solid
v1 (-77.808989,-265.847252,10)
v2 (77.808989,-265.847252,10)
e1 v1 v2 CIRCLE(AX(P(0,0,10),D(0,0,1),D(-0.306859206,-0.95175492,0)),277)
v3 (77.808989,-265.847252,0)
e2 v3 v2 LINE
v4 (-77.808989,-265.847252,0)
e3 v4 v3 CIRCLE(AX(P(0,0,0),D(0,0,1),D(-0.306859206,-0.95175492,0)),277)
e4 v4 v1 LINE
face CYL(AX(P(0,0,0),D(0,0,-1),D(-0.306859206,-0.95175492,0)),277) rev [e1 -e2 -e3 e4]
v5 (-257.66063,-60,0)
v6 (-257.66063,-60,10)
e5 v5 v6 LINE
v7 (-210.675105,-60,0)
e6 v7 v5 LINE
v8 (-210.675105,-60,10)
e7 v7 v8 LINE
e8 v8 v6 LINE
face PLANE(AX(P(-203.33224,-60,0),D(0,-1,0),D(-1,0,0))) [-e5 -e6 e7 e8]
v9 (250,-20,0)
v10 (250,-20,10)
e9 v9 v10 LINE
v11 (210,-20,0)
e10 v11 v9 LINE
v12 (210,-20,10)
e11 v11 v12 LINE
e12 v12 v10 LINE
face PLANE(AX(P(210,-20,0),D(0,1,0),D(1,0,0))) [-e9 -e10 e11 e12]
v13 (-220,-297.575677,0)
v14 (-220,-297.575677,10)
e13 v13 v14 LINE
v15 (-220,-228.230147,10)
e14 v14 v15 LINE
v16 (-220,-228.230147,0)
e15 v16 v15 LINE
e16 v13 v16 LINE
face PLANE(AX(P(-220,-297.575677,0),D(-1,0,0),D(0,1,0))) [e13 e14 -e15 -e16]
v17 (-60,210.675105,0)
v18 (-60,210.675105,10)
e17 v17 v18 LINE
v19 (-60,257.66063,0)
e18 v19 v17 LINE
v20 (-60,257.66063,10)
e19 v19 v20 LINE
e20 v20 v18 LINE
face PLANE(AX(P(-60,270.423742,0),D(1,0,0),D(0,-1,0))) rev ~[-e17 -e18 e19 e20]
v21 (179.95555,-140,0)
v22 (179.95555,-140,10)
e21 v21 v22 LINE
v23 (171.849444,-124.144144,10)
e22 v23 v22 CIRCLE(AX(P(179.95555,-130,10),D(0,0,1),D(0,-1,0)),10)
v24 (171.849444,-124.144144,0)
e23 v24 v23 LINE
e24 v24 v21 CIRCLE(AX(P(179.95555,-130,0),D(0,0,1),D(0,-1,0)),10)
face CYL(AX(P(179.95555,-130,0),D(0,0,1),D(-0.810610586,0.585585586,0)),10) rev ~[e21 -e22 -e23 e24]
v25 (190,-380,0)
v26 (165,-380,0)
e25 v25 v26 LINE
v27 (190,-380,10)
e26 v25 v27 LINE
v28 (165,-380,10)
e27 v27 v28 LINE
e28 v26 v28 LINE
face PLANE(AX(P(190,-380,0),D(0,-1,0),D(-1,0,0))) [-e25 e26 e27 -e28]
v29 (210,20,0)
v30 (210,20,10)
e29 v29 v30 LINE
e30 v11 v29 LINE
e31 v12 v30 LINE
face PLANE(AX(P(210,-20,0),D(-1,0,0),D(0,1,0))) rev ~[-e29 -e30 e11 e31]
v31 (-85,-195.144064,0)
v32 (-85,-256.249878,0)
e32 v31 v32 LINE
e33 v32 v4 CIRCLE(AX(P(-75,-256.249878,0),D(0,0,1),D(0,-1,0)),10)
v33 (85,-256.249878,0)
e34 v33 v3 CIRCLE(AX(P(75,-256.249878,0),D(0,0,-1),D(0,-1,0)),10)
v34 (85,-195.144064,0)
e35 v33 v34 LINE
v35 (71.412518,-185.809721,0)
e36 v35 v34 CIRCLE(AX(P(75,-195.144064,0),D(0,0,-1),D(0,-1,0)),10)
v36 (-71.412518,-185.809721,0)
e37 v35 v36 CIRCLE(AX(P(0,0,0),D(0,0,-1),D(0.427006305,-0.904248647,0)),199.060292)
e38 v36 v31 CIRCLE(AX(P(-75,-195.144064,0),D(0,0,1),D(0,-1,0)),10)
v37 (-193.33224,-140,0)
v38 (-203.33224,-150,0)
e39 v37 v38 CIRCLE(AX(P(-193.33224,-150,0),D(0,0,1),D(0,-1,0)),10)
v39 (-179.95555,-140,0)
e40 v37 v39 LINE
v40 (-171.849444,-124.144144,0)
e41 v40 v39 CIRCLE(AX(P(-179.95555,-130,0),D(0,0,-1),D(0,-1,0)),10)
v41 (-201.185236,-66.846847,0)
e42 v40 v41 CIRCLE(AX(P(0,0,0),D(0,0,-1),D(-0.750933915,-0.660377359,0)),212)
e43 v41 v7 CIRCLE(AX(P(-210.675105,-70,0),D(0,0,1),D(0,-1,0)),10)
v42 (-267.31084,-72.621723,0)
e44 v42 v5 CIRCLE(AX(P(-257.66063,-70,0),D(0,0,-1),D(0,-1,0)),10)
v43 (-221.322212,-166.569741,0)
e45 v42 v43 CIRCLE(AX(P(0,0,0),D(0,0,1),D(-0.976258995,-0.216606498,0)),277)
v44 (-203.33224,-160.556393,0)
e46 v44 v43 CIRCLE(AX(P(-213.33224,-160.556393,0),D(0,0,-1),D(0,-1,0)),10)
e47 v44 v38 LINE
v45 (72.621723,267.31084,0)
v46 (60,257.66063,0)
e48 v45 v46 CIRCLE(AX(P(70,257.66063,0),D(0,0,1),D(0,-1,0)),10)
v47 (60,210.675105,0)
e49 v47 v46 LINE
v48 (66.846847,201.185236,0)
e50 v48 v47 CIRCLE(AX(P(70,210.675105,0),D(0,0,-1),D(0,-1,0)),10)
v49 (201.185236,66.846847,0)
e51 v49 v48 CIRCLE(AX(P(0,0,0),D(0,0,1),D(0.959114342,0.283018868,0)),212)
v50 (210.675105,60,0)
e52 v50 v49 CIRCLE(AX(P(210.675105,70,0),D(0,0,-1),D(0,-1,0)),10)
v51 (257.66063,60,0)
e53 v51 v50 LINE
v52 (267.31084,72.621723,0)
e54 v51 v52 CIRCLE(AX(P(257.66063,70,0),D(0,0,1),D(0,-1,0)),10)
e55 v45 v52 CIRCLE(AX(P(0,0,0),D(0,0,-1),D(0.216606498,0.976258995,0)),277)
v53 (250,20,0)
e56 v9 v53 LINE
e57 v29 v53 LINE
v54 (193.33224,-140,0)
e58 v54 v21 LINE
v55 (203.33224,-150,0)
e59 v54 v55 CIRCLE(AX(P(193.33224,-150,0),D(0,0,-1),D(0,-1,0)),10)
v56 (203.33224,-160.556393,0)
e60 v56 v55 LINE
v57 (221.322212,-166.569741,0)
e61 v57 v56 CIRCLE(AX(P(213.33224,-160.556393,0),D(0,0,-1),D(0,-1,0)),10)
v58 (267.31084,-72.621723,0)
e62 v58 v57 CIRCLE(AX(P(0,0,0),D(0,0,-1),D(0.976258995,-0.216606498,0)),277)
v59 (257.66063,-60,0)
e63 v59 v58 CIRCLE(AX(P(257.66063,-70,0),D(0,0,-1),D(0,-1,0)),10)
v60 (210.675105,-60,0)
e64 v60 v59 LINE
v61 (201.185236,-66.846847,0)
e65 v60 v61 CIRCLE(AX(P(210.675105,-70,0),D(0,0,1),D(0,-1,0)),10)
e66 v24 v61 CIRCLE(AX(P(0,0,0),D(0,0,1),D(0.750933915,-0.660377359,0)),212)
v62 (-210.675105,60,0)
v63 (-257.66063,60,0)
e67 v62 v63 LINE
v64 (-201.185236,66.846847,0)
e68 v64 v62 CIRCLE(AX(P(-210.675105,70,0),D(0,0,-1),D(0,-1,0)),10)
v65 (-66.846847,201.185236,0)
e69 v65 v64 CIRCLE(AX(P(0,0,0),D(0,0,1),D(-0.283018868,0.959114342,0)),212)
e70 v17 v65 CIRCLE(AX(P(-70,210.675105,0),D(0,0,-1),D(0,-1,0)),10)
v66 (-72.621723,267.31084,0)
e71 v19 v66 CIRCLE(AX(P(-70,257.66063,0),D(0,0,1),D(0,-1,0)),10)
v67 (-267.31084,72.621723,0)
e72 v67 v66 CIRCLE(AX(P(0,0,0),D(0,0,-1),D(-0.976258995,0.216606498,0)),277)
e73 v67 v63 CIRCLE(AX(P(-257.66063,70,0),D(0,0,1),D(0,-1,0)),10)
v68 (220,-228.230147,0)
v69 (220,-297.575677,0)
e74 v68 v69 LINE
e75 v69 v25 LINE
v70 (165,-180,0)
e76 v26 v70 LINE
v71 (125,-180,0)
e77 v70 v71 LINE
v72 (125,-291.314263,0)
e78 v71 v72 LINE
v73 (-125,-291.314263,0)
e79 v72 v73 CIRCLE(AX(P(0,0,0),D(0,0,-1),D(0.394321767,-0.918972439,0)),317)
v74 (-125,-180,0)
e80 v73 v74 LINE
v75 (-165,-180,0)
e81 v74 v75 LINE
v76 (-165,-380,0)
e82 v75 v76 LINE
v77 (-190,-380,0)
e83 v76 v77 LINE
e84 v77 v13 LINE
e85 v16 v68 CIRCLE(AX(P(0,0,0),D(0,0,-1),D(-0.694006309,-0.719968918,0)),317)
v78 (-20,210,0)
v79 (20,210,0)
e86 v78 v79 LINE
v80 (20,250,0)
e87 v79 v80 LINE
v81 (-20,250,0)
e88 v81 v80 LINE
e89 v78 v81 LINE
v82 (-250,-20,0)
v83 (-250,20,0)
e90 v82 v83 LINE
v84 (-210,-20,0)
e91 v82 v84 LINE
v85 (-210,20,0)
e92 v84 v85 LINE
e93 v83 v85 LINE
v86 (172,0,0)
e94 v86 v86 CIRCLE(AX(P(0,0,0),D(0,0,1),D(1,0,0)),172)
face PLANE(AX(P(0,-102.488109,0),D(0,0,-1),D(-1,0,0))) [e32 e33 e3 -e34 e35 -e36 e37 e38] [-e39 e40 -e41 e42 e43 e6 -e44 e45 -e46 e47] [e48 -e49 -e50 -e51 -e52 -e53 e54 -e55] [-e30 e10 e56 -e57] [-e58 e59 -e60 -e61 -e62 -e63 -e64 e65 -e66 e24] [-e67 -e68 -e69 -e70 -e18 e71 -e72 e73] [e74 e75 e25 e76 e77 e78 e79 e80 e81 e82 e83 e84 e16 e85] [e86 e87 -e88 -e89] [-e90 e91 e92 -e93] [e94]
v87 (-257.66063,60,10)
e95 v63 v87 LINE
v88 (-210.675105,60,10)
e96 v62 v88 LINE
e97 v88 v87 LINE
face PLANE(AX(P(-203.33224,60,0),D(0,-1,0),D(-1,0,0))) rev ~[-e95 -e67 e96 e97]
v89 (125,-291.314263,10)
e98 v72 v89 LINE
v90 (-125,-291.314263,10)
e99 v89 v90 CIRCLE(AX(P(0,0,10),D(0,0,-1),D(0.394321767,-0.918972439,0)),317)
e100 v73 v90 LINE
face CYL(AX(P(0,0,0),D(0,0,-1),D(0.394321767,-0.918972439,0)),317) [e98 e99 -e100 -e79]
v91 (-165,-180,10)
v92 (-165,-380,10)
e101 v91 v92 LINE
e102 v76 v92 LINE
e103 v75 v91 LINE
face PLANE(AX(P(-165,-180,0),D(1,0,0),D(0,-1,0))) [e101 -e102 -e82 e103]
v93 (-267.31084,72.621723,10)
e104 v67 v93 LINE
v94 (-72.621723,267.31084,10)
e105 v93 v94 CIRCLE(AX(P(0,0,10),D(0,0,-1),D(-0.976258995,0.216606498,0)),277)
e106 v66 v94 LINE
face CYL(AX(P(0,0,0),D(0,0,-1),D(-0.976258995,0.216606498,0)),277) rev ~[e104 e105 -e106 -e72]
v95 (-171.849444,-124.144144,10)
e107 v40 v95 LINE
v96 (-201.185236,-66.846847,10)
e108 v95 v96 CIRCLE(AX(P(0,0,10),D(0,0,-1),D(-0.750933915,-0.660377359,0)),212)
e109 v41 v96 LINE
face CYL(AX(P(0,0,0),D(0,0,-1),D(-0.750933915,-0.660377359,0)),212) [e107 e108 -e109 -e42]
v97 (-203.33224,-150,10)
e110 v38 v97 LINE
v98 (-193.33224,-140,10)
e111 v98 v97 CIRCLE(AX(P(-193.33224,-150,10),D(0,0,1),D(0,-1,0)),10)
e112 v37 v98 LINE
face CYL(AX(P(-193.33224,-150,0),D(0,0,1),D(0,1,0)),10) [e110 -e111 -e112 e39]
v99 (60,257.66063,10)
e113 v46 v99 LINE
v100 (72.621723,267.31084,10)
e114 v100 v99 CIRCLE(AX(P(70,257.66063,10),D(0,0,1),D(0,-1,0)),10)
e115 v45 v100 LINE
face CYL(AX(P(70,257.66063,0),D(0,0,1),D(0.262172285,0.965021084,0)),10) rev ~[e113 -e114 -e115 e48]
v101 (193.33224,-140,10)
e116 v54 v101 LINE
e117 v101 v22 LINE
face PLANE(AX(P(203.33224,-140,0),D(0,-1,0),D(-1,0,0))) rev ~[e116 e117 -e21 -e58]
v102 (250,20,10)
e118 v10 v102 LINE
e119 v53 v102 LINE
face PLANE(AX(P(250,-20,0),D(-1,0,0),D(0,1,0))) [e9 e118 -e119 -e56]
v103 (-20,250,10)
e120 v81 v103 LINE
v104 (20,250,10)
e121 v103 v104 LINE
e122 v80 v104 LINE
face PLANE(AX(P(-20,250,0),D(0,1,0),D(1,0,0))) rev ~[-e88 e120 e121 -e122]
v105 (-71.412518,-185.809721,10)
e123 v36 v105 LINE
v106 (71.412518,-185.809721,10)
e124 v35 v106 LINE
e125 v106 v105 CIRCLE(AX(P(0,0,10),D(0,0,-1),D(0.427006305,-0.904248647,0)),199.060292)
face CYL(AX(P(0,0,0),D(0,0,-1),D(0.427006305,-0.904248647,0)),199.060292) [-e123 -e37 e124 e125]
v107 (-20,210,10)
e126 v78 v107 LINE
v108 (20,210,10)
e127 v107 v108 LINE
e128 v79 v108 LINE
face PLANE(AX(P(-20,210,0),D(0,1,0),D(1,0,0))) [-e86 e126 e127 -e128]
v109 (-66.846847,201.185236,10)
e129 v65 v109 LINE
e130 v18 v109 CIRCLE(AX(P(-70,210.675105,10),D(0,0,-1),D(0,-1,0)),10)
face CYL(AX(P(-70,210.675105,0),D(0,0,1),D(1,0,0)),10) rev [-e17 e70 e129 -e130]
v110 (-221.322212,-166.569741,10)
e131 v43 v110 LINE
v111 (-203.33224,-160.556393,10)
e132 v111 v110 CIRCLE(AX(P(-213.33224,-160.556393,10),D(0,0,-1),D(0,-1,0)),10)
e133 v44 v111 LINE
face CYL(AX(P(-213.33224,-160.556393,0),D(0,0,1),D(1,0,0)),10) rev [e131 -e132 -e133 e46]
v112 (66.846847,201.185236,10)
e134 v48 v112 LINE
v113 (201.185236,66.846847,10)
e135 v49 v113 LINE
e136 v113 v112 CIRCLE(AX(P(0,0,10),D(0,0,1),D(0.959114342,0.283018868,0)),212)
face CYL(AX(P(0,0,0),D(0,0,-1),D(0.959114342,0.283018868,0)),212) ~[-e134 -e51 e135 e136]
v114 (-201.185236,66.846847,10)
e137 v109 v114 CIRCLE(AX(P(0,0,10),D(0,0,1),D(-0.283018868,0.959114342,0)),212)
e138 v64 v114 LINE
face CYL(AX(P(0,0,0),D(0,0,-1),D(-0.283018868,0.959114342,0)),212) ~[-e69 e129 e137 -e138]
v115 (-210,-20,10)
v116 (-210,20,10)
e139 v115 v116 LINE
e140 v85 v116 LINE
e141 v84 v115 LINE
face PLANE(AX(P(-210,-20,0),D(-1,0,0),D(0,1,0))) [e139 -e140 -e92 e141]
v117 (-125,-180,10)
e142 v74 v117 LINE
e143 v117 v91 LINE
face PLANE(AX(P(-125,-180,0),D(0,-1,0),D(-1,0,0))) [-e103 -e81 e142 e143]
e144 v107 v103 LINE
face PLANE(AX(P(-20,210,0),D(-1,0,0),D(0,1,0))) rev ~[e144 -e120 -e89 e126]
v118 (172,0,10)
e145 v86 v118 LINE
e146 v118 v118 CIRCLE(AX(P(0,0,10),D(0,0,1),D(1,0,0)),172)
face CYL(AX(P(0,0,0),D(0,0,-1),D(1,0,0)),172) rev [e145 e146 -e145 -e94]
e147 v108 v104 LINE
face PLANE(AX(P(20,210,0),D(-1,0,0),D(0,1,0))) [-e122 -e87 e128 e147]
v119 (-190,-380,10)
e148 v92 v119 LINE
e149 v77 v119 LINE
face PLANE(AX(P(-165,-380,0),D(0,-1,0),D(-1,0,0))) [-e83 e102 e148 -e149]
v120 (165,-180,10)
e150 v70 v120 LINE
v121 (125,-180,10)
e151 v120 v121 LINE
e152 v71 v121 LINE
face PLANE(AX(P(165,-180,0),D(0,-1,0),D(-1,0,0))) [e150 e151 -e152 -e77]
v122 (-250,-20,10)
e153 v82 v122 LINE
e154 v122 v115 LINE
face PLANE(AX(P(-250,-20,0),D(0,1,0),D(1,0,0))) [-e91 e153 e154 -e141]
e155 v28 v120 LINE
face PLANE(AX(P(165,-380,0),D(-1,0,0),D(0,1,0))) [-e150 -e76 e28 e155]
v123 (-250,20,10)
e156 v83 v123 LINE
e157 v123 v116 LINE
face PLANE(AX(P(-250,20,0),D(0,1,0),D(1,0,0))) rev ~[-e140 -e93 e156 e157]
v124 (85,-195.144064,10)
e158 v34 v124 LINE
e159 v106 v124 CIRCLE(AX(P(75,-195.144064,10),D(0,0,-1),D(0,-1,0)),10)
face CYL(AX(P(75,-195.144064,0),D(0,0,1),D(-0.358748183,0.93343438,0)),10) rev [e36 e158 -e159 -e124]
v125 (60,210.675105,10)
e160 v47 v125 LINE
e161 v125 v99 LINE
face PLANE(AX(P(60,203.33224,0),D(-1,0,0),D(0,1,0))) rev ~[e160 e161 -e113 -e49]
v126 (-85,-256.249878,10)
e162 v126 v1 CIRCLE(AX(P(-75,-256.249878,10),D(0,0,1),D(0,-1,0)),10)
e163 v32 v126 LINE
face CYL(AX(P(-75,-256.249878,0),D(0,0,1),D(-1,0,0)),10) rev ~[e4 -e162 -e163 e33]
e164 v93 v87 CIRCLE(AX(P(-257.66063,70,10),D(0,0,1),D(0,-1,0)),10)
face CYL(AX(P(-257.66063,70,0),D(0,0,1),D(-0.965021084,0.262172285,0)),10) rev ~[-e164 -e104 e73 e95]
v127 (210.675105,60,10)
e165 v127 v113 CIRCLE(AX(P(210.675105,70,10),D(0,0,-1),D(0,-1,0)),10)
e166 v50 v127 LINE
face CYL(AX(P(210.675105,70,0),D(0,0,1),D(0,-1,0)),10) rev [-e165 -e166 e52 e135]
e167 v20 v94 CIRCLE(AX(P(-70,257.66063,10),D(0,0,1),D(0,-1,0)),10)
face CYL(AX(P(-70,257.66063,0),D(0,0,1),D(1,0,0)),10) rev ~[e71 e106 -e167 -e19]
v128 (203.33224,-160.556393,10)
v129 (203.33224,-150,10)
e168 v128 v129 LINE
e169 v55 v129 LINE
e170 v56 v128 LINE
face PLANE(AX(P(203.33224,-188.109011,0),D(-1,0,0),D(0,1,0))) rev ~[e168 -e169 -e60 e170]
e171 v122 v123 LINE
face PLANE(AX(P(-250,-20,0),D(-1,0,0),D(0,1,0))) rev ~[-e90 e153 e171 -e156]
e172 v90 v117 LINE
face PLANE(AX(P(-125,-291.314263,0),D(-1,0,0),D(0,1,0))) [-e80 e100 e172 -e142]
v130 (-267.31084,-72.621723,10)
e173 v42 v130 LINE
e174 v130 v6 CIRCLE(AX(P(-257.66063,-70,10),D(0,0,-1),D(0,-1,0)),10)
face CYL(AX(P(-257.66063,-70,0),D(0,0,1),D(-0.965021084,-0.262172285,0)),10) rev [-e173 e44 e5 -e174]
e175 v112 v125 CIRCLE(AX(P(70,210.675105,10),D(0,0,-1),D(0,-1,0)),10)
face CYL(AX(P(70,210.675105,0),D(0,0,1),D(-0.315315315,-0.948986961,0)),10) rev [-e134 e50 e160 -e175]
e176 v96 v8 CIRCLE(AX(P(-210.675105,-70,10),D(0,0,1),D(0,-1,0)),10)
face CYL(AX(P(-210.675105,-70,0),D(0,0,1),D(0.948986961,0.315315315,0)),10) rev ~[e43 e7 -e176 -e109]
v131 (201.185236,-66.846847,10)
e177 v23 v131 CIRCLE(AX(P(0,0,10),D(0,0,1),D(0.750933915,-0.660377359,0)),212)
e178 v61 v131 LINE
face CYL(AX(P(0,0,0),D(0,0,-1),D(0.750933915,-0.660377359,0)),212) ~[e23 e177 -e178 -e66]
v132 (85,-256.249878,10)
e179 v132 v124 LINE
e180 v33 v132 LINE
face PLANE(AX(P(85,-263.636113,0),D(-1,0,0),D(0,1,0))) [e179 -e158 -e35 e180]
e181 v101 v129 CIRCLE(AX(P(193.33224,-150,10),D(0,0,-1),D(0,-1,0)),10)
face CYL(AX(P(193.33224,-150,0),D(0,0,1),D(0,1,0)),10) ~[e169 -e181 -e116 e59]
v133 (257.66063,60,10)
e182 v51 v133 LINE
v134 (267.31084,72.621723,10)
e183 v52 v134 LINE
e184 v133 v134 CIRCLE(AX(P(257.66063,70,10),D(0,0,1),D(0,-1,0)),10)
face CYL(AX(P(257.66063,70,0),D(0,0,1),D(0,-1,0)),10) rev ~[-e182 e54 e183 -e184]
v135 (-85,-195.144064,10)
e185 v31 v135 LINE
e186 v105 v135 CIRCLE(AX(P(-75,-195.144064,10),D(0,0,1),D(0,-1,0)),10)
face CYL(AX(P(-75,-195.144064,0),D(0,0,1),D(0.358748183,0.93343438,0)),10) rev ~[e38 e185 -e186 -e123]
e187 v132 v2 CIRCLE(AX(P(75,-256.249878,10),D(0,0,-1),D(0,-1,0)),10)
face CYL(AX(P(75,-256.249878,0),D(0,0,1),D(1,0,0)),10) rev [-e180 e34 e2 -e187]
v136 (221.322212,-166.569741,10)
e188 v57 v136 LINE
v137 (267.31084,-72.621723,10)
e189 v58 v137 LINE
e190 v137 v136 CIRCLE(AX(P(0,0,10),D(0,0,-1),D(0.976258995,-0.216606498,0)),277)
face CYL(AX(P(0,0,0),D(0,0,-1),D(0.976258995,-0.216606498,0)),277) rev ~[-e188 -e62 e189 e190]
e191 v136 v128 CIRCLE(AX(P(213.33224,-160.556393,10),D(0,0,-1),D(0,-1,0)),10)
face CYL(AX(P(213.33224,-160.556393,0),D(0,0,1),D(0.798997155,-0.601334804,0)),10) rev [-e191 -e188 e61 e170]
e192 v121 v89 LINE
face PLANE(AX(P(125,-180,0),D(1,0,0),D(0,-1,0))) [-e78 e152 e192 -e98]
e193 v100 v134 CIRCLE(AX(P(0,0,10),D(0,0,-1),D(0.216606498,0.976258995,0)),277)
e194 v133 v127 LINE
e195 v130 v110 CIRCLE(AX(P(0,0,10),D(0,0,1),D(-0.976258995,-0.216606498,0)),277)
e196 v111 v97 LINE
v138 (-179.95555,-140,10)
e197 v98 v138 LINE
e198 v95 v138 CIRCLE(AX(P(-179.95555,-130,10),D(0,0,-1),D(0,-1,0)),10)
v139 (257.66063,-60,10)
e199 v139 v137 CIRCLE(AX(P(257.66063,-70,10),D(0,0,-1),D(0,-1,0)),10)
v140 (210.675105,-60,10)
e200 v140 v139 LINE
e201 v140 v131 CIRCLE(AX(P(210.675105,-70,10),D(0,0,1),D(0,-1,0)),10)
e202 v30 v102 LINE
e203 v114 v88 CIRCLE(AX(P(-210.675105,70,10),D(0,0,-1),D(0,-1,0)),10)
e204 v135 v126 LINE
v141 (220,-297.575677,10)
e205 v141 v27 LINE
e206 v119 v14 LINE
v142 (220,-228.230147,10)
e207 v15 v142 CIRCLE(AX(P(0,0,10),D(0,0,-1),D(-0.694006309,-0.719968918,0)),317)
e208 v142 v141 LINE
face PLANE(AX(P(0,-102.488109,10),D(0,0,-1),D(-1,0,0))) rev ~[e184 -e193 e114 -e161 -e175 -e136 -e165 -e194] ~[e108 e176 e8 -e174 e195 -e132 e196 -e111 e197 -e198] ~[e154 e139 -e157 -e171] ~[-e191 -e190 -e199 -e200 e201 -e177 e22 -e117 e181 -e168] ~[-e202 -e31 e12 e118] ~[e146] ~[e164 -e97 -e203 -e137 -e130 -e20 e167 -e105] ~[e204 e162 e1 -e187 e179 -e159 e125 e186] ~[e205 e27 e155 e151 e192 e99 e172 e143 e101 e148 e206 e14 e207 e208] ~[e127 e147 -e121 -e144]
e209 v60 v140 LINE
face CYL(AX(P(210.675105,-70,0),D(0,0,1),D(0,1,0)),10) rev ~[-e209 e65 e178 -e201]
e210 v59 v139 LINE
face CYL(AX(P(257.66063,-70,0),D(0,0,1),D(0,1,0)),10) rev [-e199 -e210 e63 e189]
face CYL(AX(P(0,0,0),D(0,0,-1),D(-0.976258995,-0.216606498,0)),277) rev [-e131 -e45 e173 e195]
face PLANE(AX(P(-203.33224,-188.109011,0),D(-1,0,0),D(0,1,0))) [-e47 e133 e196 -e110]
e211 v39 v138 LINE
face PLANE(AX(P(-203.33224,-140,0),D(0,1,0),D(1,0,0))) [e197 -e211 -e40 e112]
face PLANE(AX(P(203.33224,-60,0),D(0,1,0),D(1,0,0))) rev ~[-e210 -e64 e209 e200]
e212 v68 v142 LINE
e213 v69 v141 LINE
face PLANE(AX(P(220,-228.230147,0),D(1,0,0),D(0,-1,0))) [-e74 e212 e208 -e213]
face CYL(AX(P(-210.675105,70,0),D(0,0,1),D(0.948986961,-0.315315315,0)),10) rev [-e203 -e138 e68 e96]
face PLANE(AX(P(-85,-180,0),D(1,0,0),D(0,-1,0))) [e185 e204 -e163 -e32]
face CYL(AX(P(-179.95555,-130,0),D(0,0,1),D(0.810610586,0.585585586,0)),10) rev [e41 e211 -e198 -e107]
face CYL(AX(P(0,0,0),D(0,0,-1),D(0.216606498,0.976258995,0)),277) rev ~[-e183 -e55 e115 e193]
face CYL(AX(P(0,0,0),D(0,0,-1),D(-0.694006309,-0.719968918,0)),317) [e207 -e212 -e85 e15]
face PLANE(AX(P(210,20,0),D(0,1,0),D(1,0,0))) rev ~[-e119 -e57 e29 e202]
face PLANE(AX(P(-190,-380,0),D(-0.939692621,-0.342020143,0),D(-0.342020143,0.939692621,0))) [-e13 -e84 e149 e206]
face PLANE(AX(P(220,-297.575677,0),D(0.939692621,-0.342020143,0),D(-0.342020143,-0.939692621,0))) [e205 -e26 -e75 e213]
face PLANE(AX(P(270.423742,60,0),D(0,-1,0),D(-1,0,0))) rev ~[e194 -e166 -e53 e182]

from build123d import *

# Parameters (mm, degrees)
ESQUISSE1_R        = 172
ESQUISSE1_W        = 40
ESQUISSE1_H        = 40
BOSS_EXTRU_1_DEPTH = 10
CONG_1_R           = 10


with BuildPart() as part:
    # Esquisse1 → Boss.-Extru.1 (new body)
    with BuildSketch(Plane.XY):
        with BuildLine():
            Line((220, -228.230147001), (220, -297.575677416))
            Line((220, -297.575677416), (190, -380))
            Line((190, -380), (165, -380))
            Line((165, -380), (165, -180))
            Line((165, -180), (125, -180))
            Line((125, -180), (125, -291.314263297))
            ThreePointArc((125, -291.314263297), (0, -317), (-125, -291.314263297))
            Line((-125, -291.314263297), (-125, -180))
            Line((-125, -180), (-165, -180))
            Line((-165, -180), (-165, -380))
            Line((-165, -380), (-190, -380))
            Line((-190, -380), (-220, -297.575677416))
            Line((-220, -297.575677416), (-220, -228.230147001))
            ThreePointArc((-220, -228.230147001), (0, 317), (220, -228.230147001))
        make_face()
        Circle(ESQUISSE1_R, mode=Mode.SUBTRACT)
        with Locations((230, 0)):
            Rectangle(ESQUISSE1_W, ESQUISSE1_H, mode=Mode.SUBTRACT)
        with BuildLine():
            Line((270.423741561, 60), (203.332240434, 60))
            ThreePointArc((203.332240434, 60), (149.906637612, 149.906637612), (60, 203.332240434))
            Line((60, 203.332240434), (60, 270.423741561))
            ThreePointArc((60, 270.423741561), (195.868578389, 195.868578389), (270.423741561, 60))
        make_face(mode=Mode.SUBTRACT)
        with BuildLine():
            Line((-60, 270.423741561), (-60, 203.332240434))
            ThreePointArc((-60, 203.332240434), (-149.906637612, 149.906637612), (-203.332240434, 60))
            Line((-203.332240434, 60), (-270.423741561, 60))
            ThreePointArc((-270.423741561, 60), (-195.868578389, 195.868578389), (-60, 270.423741561))
        make_face(mode=Mode.SUBTRACT)
        with BuildLine():
            Line((203.332240434, -60), (270.423741561, -60))
            ThreePointArc((270.423741561, -60), (245.385741824, -128.510068513), (203.332240434, -188.109010948))
            Line((203.332240434, -188.109010948), (203.332240434, -140))
            Line((203.332240434, -140), (159.197989937, -140))
            ThreePointArc((159.197989937, -140), (185.626081097, -102.405849524), (203.332240434, -60))
        make_face(mode=Mode.SUBTRACT)
        with Locations((-230, 0)):
            Rectangle(ESQUISSE1_W, ESQUISSE1_H, mode=Mode.SUBTRACT)
        with Locations((0, 230)):
            Rectangle(ESQUISSE1_W, ESQUISSE1_H, mode=Mode.SUBTRACT)
        with BuildLine():
            Line((-85, -180), (-85, -263.636112853))
            ThreePointArc((-85, -263.636112853), (0, -277), (85, -263.636112853))
            Line((85, -263.636112853), (85, -180))
            ThreePointArc((85, -180), (0, -199.060292374), (-85, -180))
        make_face(mode=Mode.SUBTRACT)
        with BuildLine():
            Line((-203.332240434, -60), (-270.423741561, -60))
            ThreePointArc((-270.423741561, -60), (-245.385741824, -128.510068513), (-203.332240434, -188.109010948))
            Line((-203.332240434, -188.109010948), (-203.332240434, -140))
            Line((-203.332240434, -140), (-159.197989937, -140))
            ThreePointArc((-159.197989937, -140), (-185.626081097, -102.405849524), (-203.332240434, -60))
        make_face(mode=Mode.SUBTRACT)
    extrude(amount=BOSS_EXTRU_1_DEPTH)

    # Congé1
    cong_1_edges = [part.edges().sort_by_distance(p)[0] for p in [
        (270.423741561, 60, 5),
        (60, 270.423741561, 5),
        (60, 203.332240434, 5),
        (203.332240434, 60, 5),
        (-60, 270.423741561, 5),
        (-270.423741561, 60, 5),
        (-203.332240434, 60, 5),
        (-60, 203.332240434, 5),
        (85, -180, 5),
        (-85, -180, 5),
        (-85, -263.636112853, 5),
        (85, -263.636112853, 5),
        (203.332240434, -60, 5),
        (159.197989937, -140, 5),
        (203.332240434, -140, 5),
        (203.332240434, -188.109010948, 5),
        (270.423741561, -60, 5),
        (-159.197989937, -140, 5),
        (-203.332240434, -60, 5),
        (-270.423741561, -60, 5),
        (-203.332240434, -188.109010948, 5),
        (-203.332240434, -140, 5),
    ]]
    fillet(cong_1_edges, radius=CONG_1_R)


solid = part.part
